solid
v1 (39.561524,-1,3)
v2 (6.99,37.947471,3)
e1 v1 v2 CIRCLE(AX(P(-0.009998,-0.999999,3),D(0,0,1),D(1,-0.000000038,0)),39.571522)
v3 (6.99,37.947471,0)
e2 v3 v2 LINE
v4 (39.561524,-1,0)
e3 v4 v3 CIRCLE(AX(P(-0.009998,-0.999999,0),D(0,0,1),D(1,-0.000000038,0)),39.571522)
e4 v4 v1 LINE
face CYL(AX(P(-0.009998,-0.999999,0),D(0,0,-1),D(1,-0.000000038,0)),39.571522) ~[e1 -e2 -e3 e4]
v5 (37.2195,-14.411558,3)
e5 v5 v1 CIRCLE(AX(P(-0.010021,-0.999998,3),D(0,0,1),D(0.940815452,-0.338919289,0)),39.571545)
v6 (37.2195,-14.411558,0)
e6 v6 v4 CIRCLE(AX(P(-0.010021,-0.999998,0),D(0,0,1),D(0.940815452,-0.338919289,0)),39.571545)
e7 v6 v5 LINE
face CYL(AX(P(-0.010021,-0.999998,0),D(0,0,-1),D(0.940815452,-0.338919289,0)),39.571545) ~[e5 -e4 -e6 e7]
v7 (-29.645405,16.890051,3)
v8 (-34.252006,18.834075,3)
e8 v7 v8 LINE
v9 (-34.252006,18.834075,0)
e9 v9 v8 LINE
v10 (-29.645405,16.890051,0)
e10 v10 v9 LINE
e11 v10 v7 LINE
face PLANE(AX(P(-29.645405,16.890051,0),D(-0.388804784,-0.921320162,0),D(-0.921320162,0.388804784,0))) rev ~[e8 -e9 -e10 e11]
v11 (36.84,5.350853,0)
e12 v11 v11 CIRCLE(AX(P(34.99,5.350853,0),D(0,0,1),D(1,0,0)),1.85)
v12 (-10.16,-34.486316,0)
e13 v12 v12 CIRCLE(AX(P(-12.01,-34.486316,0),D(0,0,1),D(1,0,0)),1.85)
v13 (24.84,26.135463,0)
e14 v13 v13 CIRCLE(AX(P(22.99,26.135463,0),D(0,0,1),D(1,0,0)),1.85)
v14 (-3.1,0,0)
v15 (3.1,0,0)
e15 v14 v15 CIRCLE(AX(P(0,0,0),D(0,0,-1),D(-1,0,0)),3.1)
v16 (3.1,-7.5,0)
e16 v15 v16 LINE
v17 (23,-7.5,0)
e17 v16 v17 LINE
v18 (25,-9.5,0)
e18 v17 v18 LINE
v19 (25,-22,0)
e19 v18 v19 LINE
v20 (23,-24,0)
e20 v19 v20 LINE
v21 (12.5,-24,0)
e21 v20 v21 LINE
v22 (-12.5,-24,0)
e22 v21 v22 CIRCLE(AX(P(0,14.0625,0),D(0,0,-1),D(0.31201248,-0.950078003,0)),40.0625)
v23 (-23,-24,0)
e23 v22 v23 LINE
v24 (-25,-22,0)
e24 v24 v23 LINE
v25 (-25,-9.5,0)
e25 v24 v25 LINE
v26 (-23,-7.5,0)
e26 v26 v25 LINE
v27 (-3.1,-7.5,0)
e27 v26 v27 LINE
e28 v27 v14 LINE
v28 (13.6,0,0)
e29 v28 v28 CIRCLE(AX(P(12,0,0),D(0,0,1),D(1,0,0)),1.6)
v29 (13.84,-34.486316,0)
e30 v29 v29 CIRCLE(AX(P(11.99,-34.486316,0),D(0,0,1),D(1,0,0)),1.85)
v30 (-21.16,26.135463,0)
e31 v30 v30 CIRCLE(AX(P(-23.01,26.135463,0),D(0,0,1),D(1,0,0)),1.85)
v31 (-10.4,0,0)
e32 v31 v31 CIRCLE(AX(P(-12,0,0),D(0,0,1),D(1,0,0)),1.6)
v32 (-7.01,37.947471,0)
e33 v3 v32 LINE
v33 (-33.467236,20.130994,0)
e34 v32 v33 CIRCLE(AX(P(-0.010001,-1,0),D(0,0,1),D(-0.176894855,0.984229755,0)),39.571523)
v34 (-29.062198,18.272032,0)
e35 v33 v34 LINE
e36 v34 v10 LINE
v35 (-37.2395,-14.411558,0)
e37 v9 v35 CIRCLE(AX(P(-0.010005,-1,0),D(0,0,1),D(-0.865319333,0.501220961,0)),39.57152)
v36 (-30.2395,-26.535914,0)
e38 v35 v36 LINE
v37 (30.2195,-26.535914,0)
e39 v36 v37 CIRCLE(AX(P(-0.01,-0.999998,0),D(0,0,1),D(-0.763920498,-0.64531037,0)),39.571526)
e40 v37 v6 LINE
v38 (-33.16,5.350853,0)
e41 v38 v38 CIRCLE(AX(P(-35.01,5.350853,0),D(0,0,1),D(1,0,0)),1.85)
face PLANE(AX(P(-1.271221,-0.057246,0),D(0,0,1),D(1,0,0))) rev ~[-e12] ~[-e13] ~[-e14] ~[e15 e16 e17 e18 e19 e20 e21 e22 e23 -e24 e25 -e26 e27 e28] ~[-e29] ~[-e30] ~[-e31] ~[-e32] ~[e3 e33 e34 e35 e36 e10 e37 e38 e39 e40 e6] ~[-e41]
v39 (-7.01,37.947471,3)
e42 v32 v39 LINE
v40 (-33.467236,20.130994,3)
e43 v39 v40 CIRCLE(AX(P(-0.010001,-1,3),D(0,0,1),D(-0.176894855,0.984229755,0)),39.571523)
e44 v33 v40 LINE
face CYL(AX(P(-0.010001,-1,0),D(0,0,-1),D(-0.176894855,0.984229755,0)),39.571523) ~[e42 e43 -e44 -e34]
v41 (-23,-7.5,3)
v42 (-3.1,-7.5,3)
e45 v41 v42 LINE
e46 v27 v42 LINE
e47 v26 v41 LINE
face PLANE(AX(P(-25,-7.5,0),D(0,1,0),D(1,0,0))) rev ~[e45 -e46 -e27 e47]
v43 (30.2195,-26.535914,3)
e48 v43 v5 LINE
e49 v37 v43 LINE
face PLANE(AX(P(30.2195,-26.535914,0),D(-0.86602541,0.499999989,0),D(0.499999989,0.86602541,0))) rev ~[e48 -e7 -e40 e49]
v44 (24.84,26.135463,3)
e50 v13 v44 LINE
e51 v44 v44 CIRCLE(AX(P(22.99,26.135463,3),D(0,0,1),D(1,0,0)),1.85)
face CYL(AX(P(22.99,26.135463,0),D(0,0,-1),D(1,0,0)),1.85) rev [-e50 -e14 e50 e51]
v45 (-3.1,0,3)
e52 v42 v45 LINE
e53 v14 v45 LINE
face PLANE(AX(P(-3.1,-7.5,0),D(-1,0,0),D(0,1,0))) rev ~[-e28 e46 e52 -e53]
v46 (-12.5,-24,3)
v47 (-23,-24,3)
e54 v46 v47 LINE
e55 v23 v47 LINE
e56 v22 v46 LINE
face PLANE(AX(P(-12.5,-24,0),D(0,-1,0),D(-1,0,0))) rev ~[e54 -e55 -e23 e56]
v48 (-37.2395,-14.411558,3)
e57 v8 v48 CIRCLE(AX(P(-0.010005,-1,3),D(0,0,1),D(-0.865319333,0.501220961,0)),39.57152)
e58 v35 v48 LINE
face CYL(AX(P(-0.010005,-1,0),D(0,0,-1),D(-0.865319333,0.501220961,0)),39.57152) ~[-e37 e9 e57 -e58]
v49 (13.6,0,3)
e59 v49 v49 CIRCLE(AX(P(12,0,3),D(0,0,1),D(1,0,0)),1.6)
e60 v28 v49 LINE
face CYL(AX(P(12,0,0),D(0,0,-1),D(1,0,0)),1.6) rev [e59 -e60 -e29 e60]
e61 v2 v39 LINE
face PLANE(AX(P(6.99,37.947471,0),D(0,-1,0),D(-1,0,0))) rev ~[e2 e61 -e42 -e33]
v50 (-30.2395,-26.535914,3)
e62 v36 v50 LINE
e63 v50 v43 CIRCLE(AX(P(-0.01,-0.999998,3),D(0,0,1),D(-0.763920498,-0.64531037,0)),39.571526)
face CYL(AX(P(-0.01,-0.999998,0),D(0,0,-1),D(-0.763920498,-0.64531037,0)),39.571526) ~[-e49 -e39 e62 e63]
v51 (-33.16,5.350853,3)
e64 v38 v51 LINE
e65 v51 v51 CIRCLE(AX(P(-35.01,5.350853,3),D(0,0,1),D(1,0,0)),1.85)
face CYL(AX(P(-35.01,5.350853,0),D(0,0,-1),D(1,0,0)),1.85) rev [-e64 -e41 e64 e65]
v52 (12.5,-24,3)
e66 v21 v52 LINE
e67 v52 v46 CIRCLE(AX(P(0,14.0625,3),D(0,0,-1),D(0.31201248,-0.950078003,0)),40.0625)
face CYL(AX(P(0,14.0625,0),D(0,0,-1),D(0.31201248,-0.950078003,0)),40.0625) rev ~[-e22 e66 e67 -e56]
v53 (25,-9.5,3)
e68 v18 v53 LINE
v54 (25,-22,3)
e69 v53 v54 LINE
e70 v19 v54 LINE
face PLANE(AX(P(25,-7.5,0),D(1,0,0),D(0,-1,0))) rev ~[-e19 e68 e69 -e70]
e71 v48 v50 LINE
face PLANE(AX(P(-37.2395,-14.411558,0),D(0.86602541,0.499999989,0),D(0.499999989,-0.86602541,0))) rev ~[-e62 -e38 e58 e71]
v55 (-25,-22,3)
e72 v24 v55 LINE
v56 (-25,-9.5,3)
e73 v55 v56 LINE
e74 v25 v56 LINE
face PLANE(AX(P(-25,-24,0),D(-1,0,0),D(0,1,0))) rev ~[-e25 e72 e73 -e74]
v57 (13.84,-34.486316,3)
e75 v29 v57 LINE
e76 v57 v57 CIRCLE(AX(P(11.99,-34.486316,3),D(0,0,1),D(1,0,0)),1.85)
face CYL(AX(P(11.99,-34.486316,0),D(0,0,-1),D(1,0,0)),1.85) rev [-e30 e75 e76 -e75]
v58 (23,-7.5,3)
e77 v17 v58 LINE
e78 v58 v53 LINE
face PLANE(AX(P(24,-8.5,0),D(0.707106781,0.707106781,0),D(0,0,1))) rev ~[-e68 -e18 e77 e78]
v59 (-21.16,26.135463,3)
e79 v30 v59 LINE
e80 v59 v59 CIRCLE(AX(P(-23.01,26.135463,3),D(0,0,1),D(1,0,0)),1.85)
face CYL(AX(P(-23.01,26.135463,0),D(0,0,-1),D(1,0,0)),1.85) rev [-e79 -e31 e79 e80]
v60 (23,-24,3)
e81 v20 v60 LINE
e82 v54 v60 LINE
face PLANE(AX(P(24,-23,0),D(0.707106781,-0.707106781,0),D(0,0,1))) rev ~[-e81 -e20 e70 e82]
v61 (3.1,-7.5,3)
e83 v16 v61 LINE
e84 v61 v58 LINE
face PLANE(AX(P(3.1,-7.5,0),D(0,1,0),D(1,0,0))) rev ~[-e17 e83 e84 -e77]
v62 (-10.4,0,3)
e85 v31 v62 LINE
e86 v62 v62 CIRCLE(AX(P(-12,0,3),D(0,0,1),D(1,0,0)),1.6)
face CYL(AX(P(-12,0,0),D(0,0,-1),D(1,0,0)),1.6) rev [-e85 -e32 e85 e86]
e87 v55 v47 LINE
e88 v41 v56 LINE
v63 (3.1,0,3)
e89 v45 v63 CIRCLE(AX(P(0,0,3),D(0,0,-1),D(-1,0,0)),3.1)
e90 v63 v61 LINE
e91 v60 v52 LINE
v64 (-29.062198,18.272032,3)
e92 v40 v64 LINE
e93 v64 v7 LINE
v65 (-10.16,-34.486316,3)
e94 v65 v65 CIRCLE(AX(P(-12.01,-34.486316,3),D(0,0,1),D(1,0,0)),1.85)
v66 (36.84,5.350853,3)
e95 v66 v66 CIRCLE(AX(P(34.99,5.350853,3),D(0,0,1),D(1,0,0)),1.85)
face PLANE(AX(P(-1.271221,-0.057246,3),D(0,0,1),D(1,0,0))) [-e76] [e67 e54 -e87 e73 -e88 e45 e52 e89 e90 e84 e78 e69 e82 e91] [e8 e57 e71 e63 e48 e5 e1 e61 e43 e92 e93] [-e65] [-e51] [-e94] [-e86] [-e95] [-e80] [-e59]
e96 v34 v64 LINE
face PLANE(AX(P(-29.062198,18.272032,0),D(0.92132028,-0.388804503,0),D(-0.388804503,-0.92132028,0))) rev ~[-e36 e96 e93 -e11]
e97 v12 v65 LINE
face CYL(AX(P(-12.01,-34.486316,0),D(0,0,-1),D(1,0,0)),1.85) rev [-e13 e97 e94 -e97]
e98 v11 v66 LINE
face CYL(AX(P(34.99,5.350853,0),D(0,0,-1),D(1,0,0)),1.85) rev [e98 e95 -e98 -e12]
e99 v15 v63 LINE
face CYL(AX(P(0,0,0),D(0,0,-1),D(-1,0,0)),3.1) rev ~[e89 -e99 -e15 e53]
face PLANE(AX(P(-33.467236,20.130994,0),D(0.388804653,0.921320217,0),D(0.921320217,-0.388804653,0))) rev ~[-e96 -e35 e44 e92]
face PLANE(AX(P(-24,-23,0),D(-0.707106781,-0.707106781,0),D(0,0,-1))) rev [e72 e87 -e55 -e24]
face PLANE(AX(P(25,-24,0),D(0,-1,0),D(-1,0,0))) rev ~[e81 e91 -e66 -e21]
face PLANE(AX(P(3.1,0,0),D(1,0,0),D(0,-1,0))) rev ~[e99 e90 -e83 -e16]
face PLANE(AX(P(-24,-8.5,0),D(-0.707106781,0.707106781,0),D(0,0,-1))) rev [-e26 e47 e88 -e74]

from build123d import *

# Parameters (mm, degrees)
F0_R     = 1.85
F0_R_2   = 1.6
F1_DEPTH = 3
F2_SIZE  = 2


with BuildPart() as f1:
    # F0 (on Top) → F1 (new body)
    with BuildSketch(Plane.XY):
        with BuildLine():
            Line((-37.2395, -14.411558), (-30.2395, -26.535914))
            ThreePointArc((-30.2395, -26.535914), (-0.01, -40.571524), (30.2195, -26.535914))
            Line((30.2195, -26.535914), (37.2195, -14.411558))
            ThreePointArc((37.2195, -14.411558), (38.971621, -7.807256), (39.561524, -1))
            ThreePointArc((39.561524, -1), (30.345446, 24.386068), (6.99, 37.947471))
            Line((6.99, 37.947471), (-7.01, 37.947471))
            ThreePointArc((-7.01, 37.947471), (-22.113251, 31.823038), (-33.467236, 20.130994))
            Line((-33.467236, 20.130994), (-29.062198, 18.272032))
            Line((-29.062198, 18.272032), (-29.645405, 16.890051))
            Line((-29.645405, 16.890051), (-34.252006, 18.834075))
            ThreePointArc((-34.252006, 18.834075), (-39.422715, 2.541675), (-37.2395, -14.411558))
        make_face()
        with Locations((-12.01, -34.486316)):
            Circle(F0_R, mode=Mode.SUBTRACT)
        with Locations((11.99, -34.486316)):
            Circle(F0_R, mode=Mode.SUBTRACT)
        with BuildLine():
            Line((3.1, -7.5), (25, -7.5))
            Line((25, -7.5), (25, -24))
            Line((25, -24), (12.5, -24))
            ThreePointArc((12.5, -24), (0, -26), (-12.5, -24))
            Line((-12.5, -24), (-25, -24))
            Line((-25, -24), (-25, -7.5))
            Line((-25, -7.5), (-3.1, -7.5))
            Line((-3.1, -7.5), (-3.1, 0))
            ThreePointArc((-3.1, 0), (0, 3.1), (3.1, 0))
            Line((3.1, 0), (3.1, -7.5))
        make_face(mode=Mode.SUBTRACT)
        with Locations((-35.01, 5.350853)):
            Circle(F0_R, mode=Mode.SUBTRACT)
        with Locations((-12, 0)):
            Circle(F0_R_2, mode=Mode.SUBTRACT)
        with Locations((-23.01, 26.135463)):
            Circle(F0_R, mode=Mode.SUBTRACT)
        with Locations((12, 0)):
            Circle(F0_R_2, mode=Mode.SUBTRACT)
        with Locations((34.99, 5.350853)):
            Circle(F0_R, mode=Mode.SUBTRACT)
        with Locations((22.99, 26.135463)):
            Circle(F0_R, mode=Mode.SUBTRACT)
    extrude(amount=F1_DEPTH)

    # F2
    f2_edges = [f1.edges().sort_by_distance(p)[0] for p in [
        (-25, -24, 1.5),
        (25, -24, 1.5),
        (-25, -7.5, 1.5),
        (25, -7.5, 1.5),
    ]]
    chamfer(f2_edges, length=F2_SIZE)


solid = f1.part
